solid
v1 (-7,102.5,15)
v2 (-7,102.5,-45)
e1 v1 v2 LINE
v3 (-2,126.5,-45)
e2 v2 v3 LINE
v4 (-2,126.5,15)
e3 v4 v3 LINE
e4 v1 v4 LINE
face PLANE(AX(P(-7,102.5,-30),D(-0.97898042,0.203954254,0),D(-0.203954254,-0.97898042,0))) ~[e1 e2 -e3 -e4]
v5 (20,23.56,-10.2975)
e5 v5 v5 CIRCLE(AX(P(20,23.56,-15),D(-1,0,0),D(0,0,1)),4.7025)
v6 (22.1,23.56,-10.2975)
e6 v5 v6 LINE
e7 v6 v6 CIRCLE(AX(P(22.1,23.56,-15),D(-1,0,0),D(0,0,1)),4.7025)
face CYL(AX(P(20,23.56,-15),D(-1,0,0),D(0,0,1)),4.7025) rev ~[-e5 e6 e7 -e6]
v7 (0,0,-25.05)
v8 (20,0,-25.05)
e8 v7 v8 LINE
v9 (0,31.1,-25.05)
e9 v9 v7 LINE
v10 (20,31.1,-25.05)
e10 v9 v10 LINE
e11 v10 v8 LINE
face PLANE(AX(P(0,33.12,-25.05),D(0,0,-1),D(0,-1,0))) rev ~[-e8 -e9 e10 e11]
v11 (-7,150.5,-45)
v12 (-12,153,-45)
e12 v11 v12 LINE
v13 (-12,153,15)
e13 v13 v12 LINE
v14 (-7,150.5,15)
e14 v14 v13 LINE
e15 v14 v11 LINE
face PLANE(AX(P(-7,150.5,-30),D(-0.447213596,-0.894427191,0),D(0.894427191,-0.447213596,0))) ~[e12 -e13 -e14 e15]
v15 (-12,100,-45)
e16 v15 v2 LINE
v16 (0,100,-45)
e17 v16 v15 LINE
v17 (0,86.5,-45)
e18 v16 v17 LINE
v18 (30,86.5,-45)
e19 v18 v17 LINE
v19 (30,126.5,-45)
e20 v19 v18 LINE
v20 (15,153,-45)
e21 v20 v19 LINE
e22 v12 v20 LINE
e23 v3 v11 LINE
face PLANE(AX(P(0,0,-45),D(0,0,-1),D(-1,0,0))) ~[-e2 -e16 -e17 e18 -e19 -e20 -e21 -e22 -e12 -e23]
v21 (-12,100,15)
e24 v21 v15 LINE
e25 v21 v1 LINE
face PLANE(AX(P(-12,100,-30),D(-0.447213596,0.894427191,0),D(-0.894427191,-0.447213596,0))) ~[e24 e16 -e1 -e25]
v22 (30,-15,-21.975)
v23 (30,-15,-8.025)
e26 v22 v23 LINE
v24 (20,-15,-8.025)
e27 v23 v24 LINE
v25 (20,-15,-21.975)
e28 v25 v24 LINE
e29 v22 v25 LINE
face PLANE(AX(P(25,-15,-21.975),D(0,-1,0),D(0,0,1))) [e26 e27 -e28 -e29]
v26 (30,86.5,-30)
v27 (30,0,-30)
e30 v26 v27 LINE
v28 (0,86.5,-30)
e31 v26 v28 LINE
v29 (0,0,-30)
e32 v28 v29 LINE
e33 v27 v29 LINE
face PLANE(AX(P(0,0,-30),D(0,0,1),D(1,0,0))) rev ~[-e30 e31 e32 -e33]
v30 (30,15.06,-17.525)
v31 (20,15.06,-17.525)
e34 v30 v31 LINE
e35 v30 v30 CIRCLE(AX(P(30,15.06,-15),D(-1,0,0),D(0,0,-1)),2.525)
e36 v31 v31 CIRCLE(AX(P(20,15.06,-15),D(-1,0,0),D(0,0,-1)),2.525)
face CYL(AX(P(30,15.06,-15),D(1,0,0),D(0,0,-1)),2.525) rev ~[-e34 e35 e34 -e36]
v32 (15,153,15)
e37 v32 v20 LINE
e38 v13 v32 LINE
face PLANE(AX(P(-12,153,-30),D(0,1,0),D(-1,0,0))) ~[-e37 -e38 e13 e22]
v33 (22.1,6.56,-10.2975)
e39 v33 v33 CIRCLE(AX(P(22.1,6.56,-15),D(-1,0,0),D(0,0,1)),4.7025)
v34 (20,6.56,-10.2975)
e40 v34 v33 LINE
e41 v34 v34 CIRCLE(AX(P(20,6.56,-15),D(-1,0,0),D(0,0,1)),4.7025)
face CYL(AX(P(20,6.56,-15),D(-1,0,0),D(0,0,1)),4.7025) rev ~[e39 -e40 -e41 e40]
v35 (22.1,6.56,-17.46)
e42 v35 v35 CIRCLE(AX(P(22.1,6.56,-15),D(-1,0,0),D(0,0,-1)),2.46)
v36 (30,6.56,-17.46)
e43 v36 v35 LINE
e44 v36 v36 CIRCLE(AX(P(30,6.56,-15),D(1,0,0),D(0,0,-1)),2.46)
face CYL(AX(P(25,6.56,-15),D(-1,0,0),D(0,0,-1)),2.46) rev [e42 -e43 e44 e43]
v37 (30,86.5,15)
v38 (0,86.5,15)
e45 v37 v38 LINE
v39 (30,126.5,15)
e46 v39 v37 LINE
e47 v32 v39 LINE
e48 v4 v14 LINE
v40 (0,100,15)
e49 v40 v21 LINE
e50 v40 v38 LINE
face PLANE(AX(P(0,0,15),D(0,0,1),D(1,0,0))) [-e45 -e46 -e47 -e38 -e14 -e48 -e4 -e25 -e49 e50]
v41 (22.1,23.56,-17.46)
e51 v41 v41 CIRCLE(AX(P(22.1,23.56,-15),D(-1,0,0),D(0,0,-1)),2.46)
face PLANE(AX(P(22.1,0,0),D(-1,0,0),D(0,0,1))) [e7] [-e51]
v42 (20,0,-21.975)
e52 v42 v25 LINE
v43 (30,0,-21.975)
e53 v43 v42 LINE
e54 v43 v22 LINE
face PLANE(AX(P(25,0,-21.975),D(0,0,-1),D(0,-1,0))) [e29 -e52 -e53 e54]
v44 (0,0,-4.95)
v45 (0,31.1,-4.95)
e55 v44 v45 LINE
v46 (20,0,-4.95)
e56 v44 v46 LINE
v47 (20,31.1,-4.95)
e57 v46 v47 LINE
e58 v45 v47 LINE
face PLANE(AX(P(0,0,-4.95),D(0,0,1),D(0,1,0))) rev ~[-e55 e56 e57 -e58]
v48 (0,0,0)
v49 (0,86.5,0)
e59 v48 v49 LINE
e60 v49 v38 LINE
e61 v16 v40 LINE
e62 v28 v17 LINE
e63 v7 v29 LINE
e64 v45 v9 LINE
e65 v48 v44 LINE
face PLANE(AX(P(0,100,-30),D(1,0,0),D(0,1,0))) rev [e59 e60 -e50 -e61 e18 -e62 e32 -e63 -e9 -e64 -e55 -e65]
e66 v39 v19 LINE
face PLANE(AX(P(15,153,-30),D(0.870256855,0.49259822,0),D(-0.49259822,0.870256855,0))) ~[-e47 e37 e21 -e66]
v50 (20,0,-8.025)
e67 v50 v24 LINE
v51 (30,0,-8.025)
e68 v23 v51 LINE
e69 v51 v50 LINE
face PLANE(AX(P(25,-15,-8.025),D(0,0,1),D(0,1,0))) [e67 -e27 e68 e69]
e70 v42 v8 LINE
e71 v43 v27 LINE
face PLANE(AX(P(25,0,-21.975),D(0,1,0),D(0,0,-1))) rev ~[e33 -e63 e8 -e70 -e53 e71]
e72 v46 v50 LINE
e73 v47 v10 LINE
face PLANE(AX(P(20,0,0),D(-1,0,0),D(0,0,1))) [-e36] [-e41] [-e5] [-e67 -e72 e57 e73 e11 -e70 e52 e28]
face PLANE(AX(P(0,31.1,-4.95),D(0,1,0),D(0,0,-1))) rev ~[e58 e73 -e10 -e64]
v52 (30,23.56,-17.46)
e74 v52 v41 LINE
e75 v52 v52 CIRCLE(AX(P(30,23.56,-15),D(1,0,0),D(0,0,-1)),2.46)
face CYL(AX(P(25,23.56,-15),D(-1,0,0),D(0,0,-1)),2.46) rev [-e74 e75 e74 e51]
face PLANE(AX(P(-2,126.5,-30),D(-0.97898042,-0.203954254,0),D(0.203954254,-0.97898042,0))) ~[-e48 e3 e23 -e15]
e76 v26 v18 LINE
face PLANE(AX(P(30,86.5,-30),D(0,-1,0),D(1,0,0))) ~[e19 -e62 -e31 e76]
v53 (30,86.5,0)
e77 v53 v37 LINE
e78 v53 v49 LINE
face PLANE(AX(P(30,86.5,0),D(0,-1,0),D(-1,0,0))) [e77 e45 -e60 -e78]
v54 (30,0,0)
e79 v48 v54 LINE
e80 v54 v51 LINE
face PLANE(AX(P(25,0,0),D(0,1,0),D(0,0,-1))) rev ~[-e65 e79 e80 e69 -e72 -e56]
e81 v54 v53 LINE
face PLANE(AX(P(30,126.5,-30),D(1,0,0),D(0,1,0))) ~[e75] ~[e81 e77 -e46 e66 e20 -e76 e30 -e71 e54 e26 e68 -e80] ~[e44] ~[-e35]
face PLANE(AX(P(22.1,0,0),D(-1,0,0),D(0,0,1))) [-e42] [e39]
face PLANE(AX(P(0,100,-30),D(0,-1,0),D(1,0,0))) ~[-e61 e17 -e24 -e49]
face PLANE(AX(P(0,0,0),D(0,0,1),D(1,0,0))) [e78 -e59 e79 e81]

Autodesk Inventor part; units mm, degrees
ref_plane "YZ Plane" through (0, 0, 0) normal (1, 0, 0) x (0, 1, 0)
ref_plane "XZ Plane" through (0, 0, 0) normal (0, 1, 0) x (-1, 0, 0)
sketch "Sketch1" plane through (0, 0, 0) normal (0, 0, 1) x (1, 0, 0)
  line L0 (0, 0) -> (25, 0)
  line L1 (25, 0) -> (25, 40)
  line L2 (25, 40) -> (0, 40)
  line L3 (0, 40) -> (0, 0)
  dimension "d1" = 25
  dimension "d2" = 40
  dimension "d3" = 25
extrude "Extrusion1" add sketch "Sketch1" against normal blind 30
sketch "Sketch2" plane through (25, 0, 0) normal (1, 0, 0) x (0, 0, -1)
  line L0 (0, 0) -> (30, 0) projected
  circle A0 centre (15, 6.56) radius 2.46
extrude "Extrusion2" cut sketch "Sketch2" against normal blind 30
sketch "Sketch3" plane through (0, 0, 0) normal (-1, 0, 0) x (0, 0, 1)
  line L0 (0, 0) -> (-30, 0) projected
  line L1 (-25.05, 0) -> (-4.95, 0)
  line L2 (-4.95, 0) -> (-4.95, 33.12)
  line L3 (-4.95, 33.12) -> (-25.05, 33.12)
  line L4 (-25.05, 33.12) -> (-25.05, 0)
  dimension "d11" = 20.1
extrude "Extrusion3" cut sketch "Sketch3" against normal blind 20
sketch "Sketch4" plane through (0, 0, 0) normal (0, -1, 0) x (1, 0, 0)
  line L0 (20, -4.95) -> (20, -25.05) projected
  line L1 (20, -15) -> (25, -15)
  line L2 (25, 0) -> (25, -30) projected
  line L3 (20, -8.025) -> (25, -8.025)
  line L4 (25, -8.025) -> (25, -21.975)
  line L5 (25, -21.975) -> (20, -21.975)
  line L6 (20, -21.975) -> (20, -8.025)
  line L7 (20, -8.025) -> (25, -21.975) construction
  line L8 (25, -8.025) -> (20, -21.975) construction
  line L9 (25, -12.54) -> (25, -17.46) projected
  point P0 (0, 0)
  point P1 (22.5, -15)
  dimension "d14" = 13.95
extrude "Extrusion4" add sketch "Sketch4" along normal blind 15
sketch "Sketch5" plane through (20, 0, 0) normal (-1, 0, 0) x (0, 0, 1)
  circle A0 centre (-15, 6.56) radius 2.46 projected
  circle A1 centre (-15, 6.56) radius 4.7025
  circle A2 centre (-15, 6.56) radius 2.46 projected
  circle A3 centre (-15, 6.56) radius 2.46
  point P0 (0, 0)
  dimension "d17" = 9.405
extrude "Extrusion5" cut sketch "Sketch5" against normal blind 2.1
sketch "Sketch6" plane through (25, 0, 0) normal (1, 0, 0) x (0, 0, -1)
  circle A0 centre (15, 6.56) radius 4.7025 projected
  line L0 (15, 6.56) -> (15, 23.56)
  circle A1 centre (15, 23.56) radius 2.46
  point P0 (0, 0)
  dimension "d20" = 17
  dimension "d21" = 4.92
extrude "Extrusion6" cut sketch "Sketch6" against normal blind 10 contours A1
sketch "Sketch7" plane through (20, 0, 0) normal (-1, 0, 0) x (0, 0, 1)
  circle A0 centre (-15, 23.56) radius 2.46 projected
  circle A1 centre (-15, 23.56) radius 4.7025
  point P0 (0, 0)
  dimension "d24" = 9.405
extrude "Extrusion7" cut sketch "Sketch7" against normal blind 2.1
sketch "Sketch9" plane through (25, 0, 0) normal (1, 0, 0) x (0, 0, -1)
  circle A0 centre (15, 6.56) radius 2.46 projected
  circle A1 centre (15, 6.56) radius 2.46
  circle A2 centre (15, 23.56) radius 2.46 projected
  circle A3 centre (15, 23.56) radius 2.46
  line L0 (30, 40) -> (30, 0) projected
  line L1 (30, 0) -> (30, 40)
  line L2 (30, 40) -> (0, 40)
  line L3 (0, 40) -> (0, 0)
  line L4 (0, 0) -> (8.025, 0) projected
  line L5 (21.975, 0) -> (21.975, -15)
  line L6 (21.975, -15) -> (8.025, -15)
  line L7 (8.025, -15) -> (8.025, 0)
  line L8 (0, 0) -> (8.025, 0)
  line L9 (21.975, 0) -> (30, 0)
extrude "Extrusion8" add sketch "Sketch9" along normal blind 5
sketch "Sketch10" plane through (0, 40, 0) normal (0, 1, 0) x (1, 0, 0)
  line L0 (0, 30) -> (30, 30) projected
  line L1 (30, 0) -> (0, 0) projected
  line L2 (0, 30) -> (30, 30)
  line L3 (30, 30) -> (30, 0)
  line L4 (30, 0) -> (0, 0)
  line L5 (0, 0) -> (0, 30)
extrude "Extrusion9" add sketch "Sketch10" along normal blind 30
sketch "Sketch12" plane through (30, 0, 0) normal (1, 0, 0) x (0, 0, -1)
  circle A0 centre (15, 6.56) radius 2.46 projected
  line L0 (15, 6.56) -> (15, 15.06)
  circle A1 centre (15, 15.06) radius 2.525
  point P0 (0, 0)
  dimension "d31" = 8.5
  dimension "d33" = 5.05
extrude "Extrusion10" cut sketch "Sketch12" against normal blind 30 contours A1
sketch "Sketch14" plane through (0, 0, 0) normal (0, 0, 1) x (1, 0, 0)
  line L0 (30, 70) -> (0, 70) projected
  line L1 (0, 70) -> (0, 85)
  line L2 (30, 0) -> (30, 70) projected
  line L3 (30, 122.5) -> (30, 70)
  line L4 (30, 105) -> (30, 100)
  line L5 (-12, 153) -> (15, 153)
  line L6 (-7, 150.5) -> (-12, 153)
  line L7 (-7, 102.5) -> (-12, 100)
  line L8 (-7, 102.5) -> (-2, 126.5)
  line L9 (-2, 126.5) -> (-7, 150.5)
  line L10 (30, 126.5) -> (15, 153)
  line L11 (30, 122.5) -> (30, 126.5)
  line L12 (0, 85) -> (0, 100)
  line L13 (0, 100) -> (-12, 100)
  point P0 (0, 0)
  dimension "d90" = 12
extrude "Extrusion12" add sketch "Sketch14" against normal blind 30
sketch "Sketch15" plane through (0, 0, -25.05) normal (-1, 0, 0) x (0, 0, 1)
  line L0 (0, 33.12) -> (20.1, 33.12) projected
  line L1 (20.1, 33.12) -> (20.1, 0) projected
  line L2 (0, 33.12) -> (20.1, 33.12)
  line L3 (20.1, 33.12) -> (20.1, 31.1)
  line L4 (20.1, 31.1) -> (0, 31.1)
  line L5 (0, 31.1) -> (0, 33.12)
  point P0 (25.05, 0)
  dimension "d57" = 2.02
extrude "Extrusion13" add sketch "Sketch15" against normal blind 20
sketch "Sketch25" plane through (0, 0, 0) normal (0, 0, 1) x (1, 0, 0)
  line L0 (0, 100) -> (-12, 100) projected
  line L1 (0, 100) -> (-12, 100)
  line L2 (-12, 100) -> (-7, 102.5) projected
  line L3 (-12, 100) -> (-7, 102.5)
  line L4 (-7, 102.5) -> (-2, 126.5) projected
  line L5 (-7, 102.5) -> (-2, 126.5)
  line L6 (-2, 126.5) -> (-7, 150.5) projected
  line L7 (-2, 126.5) -> (-7, 150.5)
  line L8 (-7, 150.5) -> (-12, 153) projected
  line L9 (-7, 150.5) -> (-12, 153)
  line L10 (-12, 153) -> (15, 153) projected
  line L11 (-12, 153) -> (15, 153)
  line L12 (15, 153) -> (30, 126.5) projected
  line L13 (15, 153) -> (30, 126.5)
  line L14 (30, 126.5) -> (30, 86.5)
  line L15 (30, 0) -> (30, 126.5) projected
  line L16 (30, 86.5) -> (0, 86.5)
  line L17 (0, 100) -> (0, 0) projected
  line L18 (0, 86.5) -> (0, 100)
  dimension "d91" = 40
  dimension "d92" = 30
extrude "Extrusion14" add sketch "Sketch25" along normal blind 15
ref_plane "Work Plane1" through (0, 0, -15) normal (0, 0, 1) x (1, 0, 0)
mirror "Mirror1" about plane through (0, 0, -15) normal (0, 0, 1) of "Extrusion14"
properties part number "rec_b_48mm_x_60mm"
